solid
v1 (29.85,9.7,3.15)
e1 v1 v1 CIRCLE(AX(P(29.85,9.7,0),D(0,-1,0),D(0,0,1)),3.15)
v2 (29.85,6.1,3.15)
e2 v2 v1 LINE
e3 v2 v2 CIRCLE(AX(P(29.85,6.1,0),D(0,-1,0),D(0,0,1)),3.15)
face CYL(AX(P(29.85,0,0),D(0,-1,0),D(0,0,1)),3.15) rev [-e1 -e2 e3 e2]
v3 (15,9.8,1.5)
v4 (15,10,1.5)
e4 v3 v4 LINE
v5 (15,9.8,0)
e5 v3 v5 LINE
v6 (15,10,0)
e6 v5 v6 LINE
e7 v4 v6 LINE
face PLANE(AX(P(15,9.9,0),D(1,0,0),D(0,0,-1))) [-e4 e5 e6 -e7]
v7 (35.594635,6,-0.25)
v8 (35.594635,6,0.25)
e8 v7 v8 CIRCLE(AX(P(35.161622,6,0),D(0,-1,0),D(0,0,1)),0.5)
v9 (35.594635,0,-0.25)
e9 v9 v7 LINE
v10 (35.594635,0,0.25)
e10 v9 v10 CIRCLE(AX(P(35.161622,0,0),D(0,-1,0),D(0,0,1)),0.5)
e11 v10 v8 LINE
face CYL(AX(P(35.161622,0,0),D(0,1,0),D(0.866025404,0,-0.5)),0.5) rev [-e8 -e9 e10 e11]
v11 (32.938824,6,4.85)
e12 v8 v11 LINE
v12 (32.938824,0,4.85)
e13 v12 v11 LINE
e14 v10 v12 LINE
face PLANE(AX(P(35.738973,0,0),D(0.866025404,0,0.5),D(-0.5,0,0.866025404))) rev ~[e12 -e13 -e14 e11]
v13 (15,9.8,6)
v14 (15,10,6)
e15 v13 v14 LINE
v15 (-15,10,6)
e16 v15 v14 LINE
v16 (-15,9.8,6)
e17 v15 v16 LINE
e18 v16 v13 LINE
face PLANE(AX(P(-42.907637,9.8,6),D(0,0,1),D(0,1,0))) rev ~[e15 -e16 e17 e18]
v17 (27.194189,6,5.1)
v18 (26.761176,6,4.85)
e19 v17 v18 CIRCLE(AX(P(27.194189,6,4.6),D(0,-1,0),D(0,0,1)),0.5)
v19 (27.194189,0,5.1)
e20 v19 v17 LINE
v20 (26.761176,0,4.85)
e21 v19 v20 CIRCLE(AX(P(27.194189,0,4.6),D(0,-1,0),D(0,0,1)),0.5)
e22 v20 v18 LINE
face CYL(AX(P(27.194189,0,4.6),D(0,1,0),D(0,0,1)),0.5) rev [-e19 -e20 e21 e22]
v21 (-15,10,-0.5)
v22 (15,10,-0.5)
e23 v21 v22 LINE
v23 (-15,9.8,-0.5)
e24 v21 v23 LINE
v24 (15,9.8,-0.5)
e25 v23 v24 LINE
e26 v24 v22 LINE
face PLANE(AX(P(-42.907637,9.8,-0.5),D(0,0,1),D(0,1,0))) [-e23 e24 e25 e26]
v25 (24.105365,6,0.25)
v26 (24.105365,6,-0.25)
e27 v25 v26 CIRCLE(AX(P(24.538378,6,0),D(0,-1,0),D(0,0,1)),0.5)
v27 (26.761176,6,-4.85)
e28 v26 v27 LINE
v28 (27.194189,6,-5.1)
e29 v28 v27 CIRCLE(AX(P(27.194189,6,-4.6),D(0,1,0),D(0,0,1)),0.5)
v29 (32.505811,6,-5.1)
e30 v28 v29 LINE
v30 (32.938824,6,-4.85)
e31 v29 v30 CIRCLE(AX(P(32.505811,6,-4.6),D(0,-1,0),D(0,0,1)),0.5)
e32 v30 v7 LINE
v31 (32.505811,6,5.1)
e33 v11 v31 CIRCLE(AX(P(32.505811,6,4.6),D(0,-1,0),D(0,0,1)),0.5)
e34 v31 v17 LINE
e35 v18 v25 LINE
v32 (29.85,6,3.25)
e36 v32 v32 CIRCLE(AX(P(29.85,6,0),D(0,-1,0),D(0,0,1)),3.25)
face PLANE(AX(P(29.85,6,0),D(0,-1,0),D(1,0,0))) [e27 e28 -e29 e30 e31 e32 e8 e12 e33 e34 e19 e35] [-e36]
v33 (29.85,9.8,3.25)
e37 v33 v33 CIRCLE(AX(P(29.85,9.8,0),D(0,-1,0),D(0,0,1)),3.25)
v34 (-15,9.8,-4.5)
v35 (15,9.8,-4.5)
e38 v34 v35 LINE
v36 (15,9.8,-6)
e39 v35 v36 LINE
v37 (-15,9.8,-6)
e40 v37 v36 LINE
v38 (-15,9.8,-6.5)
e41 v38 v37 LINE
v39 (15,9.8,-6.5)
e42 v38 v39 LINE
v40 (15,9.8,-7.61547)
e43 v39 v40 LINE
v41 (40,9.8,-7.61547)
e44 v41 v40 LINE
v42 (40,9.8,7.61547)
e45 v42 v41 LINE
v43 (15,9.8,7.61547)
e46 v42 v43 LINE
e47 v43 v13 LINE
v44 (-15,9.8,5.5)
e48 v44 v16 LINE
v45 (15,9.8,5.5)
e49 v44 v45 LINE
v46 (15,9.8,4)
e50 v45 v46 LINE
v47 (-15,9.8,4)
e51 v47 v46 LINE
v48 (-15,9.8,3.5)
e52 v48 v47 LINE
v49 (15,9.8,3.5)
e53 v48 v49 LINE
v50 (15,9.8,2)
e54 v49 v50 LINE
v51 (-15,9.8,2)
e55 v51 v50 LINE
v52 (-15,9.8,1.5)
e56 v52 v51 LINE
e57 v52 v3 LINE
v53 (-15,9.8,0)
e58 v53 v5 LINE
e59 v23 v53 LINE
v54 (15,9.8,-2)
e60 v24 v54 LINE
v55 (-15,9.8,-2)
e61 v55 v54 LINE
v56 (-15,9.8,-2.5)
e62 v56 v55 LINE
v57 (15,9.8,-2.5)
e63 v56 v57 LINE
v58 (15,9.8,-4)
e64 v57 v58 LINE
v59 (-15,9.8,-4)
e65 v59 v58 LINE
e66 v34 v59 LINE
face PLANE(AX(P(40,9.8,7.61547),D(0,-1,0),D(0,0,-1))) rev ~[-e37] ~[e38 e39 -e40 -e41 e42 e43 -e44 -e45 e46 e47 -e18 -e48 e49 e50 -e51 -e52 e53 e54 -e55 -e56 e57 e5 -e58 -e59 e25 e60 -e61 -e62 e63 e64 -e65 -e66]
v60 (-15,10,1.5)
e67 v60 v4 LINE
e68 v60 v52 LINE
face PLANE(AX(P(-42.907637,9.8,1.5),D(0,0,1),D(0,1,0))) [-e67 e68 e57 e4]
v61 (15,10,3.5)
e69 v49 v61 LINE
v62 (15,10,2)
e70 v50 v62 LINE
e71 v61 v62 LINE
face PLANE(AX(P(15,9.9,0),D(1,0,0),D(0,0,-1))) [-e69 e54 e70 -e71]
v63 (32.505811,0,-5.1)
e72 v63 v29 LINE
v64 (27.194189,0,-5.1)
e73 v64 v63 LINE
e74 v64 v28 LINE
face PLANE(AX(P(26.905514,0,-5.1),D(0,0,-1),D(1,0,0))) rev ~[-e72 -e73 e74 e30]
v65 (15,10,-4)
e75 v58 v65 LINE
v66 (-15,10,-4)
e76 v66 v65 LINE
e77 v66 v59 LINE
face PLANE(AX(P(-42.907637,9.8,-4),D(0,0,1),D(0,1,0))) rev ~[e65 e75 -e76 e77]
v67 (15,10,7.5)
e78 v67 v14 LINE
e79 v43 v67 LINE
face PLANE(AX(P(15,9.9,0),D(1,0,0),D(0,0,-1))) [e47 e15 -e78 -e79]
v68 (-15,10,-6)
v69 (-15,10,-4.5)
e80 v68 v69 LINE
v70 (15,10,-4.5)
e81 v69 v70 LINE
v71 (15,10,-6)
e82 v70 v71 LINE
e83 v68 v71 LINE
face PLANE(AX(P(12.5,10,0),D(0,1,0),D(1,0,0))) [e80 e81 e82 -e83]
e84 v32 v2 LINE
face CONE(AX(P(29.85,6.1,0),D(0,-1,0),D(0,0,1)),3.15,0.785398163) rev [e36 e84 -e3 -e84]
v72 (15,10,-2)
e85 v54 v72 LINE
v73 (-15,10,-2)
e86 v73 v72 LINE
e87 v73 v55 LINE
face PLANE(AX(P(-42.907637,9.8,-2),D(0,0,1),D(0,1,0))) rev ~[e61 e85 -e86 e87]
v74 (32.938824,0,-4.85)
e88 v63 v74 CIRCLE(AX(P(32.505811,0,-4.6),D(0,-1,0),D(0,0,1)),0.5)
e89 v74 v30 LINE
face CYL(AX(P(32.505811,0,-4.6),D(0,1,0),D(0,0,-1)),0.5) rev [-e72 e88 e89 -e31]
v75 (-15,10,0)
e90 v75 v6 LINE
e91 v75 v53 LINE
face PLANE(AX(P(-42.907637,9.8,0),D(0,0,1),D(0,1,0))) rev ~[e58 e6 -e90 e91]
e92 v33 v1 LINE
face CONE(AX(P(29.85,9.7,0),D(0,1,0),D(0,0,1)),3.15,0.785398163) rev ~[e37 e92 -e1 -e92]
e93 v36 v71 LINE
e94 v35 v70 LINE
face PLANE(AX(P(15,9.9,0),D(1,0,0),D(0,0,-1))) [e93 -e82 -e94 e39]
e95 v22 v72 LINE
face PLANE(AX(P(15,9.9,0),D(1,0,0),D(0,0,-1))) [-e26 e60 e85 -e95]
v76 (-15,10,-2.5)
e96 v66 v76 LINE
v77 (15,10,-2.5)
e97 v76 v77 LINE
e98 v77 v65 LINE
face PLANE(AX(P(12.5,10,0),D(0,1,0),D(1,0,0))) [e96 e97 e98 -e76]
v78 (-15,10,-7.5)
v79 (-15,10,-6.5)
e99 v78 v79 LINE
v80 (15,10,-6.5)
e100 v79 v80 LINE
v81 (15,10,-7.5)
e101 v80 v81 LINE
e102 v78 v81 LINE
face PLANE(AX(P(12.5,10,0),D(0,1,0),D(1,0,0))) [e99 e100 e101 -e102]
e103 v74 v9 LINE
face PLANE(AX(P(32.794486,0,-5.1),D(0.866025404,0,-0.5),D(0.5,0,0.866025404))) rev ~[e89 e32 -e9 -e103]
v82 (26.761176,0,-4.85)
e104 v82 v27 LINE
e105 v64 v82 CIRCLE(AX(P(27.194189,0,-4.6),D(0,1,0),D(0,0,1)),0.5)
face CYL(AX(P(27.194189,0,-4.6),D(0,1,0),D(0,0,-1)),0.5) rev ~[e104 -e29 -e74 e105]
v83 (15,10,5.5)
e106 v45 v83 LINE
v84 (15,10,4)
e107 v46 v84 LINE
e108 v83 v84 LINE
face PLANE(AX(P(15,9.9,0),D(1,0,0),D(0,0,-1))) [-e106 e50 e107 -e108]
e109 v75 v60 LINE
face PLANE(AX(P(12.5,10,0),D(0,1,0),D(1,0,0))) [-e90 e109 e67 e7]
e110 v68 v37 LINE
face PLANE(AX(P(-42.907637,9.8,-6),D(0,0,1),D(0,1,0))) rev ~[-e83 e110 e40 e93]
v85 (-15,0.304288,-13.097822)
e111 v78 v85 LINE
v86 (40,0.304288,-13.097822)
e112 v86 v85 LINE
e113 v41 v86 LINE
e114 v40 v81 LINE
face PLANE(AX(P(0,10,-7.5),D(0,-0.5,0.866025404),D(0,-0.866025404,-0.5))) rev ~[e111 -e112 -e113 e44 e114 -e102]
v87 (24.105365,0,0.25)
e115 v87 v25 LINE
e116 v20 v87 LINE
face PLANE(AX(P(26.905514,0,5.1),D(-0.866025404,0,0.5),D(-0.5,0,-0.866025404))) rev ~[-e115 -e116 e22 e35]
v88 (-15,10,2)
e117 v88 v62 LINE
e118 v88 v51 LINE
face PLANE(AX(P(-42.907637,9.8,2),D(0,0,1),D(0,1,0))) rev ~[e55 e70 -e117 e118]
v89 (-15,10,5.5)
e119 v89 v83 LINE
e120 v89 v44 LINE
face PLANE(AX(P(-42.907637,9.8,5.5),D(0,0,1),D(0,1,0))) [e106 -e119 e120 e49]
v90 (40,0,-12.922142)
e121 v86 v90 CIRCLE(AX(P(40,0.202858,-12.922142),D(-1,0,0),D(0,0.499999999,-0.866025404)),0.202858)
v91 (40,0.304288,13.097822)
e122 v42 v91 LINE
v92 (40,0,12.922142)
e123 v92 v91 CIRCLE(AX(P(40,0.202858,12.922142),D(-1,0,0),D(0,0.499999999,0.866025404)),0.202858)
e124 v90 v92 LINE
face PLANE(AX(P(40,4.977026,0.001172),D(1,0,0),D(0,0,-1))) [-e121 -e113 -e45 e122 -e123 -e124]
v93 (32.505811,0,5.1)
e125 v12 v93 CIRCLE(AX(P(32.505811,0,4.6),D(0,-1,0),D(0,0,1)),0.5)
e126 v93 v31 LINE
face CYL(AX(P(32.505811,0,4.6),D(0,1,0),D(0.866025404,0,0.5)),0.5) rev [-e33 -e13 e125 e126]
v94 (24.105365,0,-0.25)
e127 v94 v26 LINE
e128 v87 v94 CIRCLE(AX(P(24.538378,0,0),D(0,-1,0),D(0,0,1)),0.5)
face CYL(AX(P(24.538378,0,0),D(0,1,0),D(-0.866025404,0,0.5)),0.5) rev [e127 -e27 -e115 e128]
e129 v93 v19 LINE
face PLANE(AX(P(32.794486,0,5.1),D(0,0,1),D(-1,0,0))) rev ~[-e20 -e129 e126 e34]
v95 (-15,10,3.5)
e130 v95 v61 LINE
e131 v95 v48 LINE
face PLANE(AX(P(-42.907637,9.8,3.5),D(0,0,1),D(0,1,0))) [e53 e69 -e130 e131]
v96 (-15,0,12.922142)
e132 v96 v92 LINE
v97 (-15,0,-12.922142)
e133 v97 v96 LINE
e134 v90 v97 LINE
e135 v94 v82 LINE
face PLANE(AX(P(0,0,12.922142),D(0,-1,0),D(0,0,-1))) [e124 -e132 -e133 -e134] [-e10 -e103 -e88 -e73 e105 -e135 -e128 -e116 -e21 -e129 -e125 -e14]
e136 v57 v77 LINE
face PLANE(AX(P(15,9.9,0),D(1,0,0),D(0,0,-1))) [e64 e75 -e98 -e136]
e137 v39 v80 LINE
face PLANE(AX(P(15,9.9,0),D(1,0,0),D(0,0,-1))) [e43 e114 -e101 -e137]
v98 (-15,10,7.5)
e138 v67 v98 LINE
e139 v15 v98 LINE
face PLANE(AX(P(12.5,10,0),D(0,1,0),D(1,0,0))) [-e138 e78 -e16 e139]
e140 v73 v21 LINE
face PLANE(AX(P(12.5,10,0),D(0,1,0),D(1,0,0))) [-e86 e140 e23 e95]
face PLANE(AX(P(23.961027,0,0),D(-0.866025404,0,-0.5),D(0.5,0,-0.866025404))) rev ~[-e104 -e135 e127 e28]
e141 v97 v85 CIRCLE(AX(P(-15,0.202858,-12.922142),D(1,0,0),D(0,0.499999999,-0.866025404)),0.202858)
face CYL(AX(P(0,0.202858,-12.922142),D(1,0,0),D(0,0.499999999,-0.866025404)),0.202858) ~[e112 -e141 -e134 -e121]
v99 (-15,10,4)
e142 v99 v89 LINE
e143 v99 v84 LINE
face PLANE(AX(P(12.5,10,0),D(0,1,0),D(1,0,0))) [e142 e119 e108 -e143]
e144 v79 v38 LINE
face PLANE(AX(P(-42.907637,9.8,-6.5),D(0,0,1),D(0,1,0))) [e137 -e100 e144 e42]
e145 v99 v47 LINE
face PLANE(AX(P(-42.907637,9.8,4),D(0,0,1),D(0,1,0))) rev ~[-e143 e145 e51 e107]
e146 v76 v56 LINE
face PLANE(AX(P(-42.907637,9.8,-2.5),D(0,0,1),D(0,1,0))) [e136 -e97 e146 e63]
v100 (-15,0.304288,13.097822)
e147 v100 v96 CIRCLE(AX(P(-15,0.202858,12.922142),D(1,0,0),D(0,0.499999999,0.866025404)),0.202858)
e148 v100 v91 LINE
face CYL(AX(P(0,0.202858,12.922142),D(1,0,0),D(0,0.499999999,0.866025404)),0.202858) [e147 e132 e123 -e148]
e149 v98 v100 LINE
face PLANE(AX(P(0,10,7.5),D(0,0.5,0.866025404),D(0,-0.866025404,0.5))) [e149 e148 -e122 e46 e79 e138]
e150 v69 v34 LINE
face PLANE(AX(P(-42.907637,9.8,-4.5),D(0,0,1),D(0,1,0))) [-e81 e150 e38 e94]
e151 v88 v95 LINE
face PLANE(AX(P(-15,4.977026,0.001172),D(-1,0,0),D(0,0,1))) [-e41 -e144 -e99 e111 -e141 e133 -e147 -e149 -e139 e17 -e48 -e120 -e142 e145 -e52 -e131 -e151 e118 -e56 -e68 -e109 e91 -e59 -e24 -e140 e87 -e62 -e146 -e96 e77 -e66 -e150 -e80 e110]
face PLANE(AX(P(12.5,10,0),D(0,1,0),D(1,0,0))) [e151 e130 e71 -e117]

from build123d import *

# Parameters (mm, degrees)
SKETCH1_R                       = 3.15
BOSS_EXTRUDE1_DEPTH             = 10
CUT_EXTRUDE2_DEPTH              = 42.907636536
CUT_EXTRUDE2_DEPTH_BACK         = 42.907636536
SKETCH2_W                       = 0.5
SKETCH2_H                       = 0.2
BOSS_EXTRUDE2_REACH             = 43.908
BOSS_EXTRUDE2_DIRECTION_2_REACH = 43.908
SKETCH10_W                      = 15.230940108
SKETCH10_H                      = 0.2
CUT_EXTRUDE6_DEPTH              = 25
CUT_EXTRUDE5_DEPTH              = 6
FILLET3_R                       = 0.5
CHAMFER1_SIZE                   = 0.1


with BuildPart() as part:
    # Sketch1 → Boss-Extrude1 (new body)
    with BuildSketch(Plane(origin=(0, 0, 0), x_dir=(1, 0, 0), z_dir=(0, 1, 0))):
        Polygon((-15, -7.5), (15, -7.5), (40, -7.5), (40, 7.5), (15, 7.5), (-15, 7.5), align=None)
        with Locations(Location((29.85, 0, 0), (0, 0, 270))):
            Circle(SKETCH1_R, mode=Mode.SUBTRACT)
    extrude(amount=BOSS_EXTRUDE1_DEPTH)

    # Sketch2 → Cut-Extrude2 (cut, two sides: drawn at the far end of the back side and taken through both)
    with BuildSketch(Plane(origin=(0, 0, 0), x_dir=(0, 0, -1), z_dir=(1, 0, 0)).offset(-CUT_EXTRUDE2_DEPTH_BACK)):
        with Locations((-5.75, 9.9)):
            Rectangle(SKETCH2_W, SKETCH2_H)
        with Locations((-3.75, 9.9)):
            Rectangle(SKETCH2_W, SKETCH2_H)
        with Locations((-1.75, 9.9)):
            Rectangle(SKETCH2_W, SKETCH2_H)
        with Locations((0.25, 9.9)):
            Rectangle(SKETCH2_W, SKETCH2_H)
        with Locations((2.25, 9.9)):
            Rectangle(SKETCH2_W, SKETCH2_H)
        with Locations((4.25, 9.9)):
            Rectangle(SKETCH2_W, SKETCH2_H)
        with Locations((6.25, 9.9)):
            Rectangle(SKETCH2_W, SKETCH2_H)
    extrude(amount=CUT_EXTRUDE2_DEPTH + CUT_EXTRUDE2_DEPTH_BACK, mode=Mode.SUBTRACT)

    # Boss-Extrude2: up to this face of the body (flat: up to its plane)
    boss_extrude2_end = Plane(part.part.faces().sort_by_distance((40, 4.977026122, 0.001172137))[0])
    # Sketch3 → Boss-Extrude2 (add, up to the picked face)
    with BuildSketch(Plane(origin=(0, 0, 0), x_dir=(0, 0, -1), z_dir=(1, 0, 0)), mode=Mode.PRIVATE) as boss_extrude2_sk1:
        with BuildLine():
            Line((7.5, 10), (13.097822121, 0.304287674))
            ThreePointArc((13.097822121, 0.304287674), (13.097822121, 0.101429225), (12.92214155, 0))
            Line((12.92214155, 0), (7.5, 0))
            Line((7.5, 0), (7.5, 10))
        make_face()
    boss_extrude2_tool1 = split(extrude(boss_extrude2_sk1.sketch, amount=BOSS_EXTRUDE2_REACH, mode=Mode.PRIVATE), bisect_by=boss_extrude2_end, keep=Keep.BOTH, mode=Mode.PRIVATE)
    # Sketch3 → Boss-Extrude2 (add, up to the picked face)
    with BuildSketch(Plane(origin=(0, 0, 0), x_dir=(0, 0, -1), z_dir=(1, 0, 0)), mode=Mode.PRIVATE) as boss_extrude2_sk2:
        with BuildLine():
            Line((-7.5, 0), (-7.5, 10))
            Line((-7.5, 10), (-13.097822121, 0.304287674))
            ThreePointArc((-13.097822121, 0.304287674), (-13.097822121, 0.101429225), (-12.92214155, 0))
            Line((-12.92214155, 0), (-7.5, 0))
        make_face()
    boss_extrude2_tool2 = split(extrude(boss_extrude2_sk2.sketch, amount=BOSS_EXTRUDE2_REACH, mode=Mode.PRIVATE), bisect_by=boss_extrude2_end, keep=Keep.BOTH, mode=Mode.PRIVATE)
    add(boss_extrude2_tool1.solids().sort_by(Axis((0, 3.336518, -9.420866), (1, 0, 0)))[0])
    add(boss_extrude2_tool2.solids().sort_by(Axis((0, 3.336518, 9.420866), (1, 0, 0)))[0])

    # Boss-Extrude2 direction 2: up to this face of the body (flat: up to its plane)
    boss_extrude2_direction_2_end = Plane(part.part.faces().sort_by_distance((-15, 4.977026122, 0.001172137))[0])
    # Sketch3 → Boss-Extrude2 direction 2 (add, up to the picked face)
    with BuildSketch(Plane(origin=(0, 0, 0), x_dir=(0, 0, -1), z_dir=(1, 0, 0)), mode=Mode.PRIVATE) as boss_extrude2_direction_2_sk1:
        with BuildLine():
            Line((7.5, 10), (13.097822121, 0.304287674))
            ThreePointArc((13.097822121, 0.304287674), (13.097822121, 0.101429225), (12.92214155, 0))
            Line((12.92214155, 0), (7.5, 0))
            Line((7.5, 0), (7.5, 10))
        make_face()
    boss_extrude2_direction_2_tool1 = split(extrude(boss_extrude2_direction_2_sk1.sketch, amount=-BOSS_EXTRUDE2_DIRECTION_2_REACH, mode=Mode.PRIVATE), bisect_by=boss_extrude2_direction_2_end, keep=Keep.BOTH, mode=Mode.PRIVATE)
    # Sketch3 → Boss-Extrude2 direction 2 (add, up to the picked face)
    with BuildSketch(Plane(origin=(0, 0, 0), x_dir=(0, 0, -1), z_dir=(1, 0, 0)), mode=Mode.PRIVATE) as boss_extrude2_direction_2_sk2:
        with BuildLine():
            Line((-7.5, 0), (-7.5, 10))
            Line((-7.5, 10), (-13.097822121, 0.304287674))
            ThreePointArc((-13.097822121, 0.304287674), (-13.097822121, 0.101429225), (-12.92214155, 0))
            Line((-12.92214155, 0), (-7.5, 0))
        make_face()
    boss_extrude2_direction_2_tool2 = split(extrude(boss_extrude2_direction_2_sk2.sketch, amount=-BOSS_EXTRUDE2_DIRECTION_2_REACH, mode=Mode.PRIVATE), bisect_by=boss_extrude2_direction_2_end, keep=Keep.BOTH, mode=Mode.PRIVATE)
    add(boss_extrude2_direction_2_tool1.solids().sort_by(Axis((0, 3.336518, -9.420866), (-1, 0, 0)))[0])
    add(boss_extrude2_direction_2_tool2.solids().sort_by(Axis((0, 3.336518, 9.420866), (-1, 0, 0)))[0])

    # Sketch10 → Cut-Extrude6 (cut)
    with BuildSketch(Plane(origin=(40, 0, 0), x_dir=(0, 0, -1), z_dir=(1, 0, 0))):
        with Locations((0, 9.9)):
            Rectangle(SKETCH10_W, SKETCH10_H)
    extrude(amount=-CUT_EXTRUDE6_DEPTH, mode=Mode.SUBTRACT)

    # Sketch8 → Cut-Extrude5 (cut)
    with BuildSketch(Plane.XZ):
        Polygon((26.905513627, -5.1), (32.794486373, -5.1), (35.738972746, 0), (32.794486373, 5.1), (26.905513627, 5.1), (23.961027254, 0), align=None)
    extrude(amount=-CUT_EXTRUDE5_DEPTH, mode=Mode.SUBTRACT)

    # Fillet3
    fillet3_edges = [part.edges().sort_by_distance(p)[0] for p in [
        (26.905513627, 3, -5.1),
        (23.961027254, 3, 0),
        (26.905513627, 3, 5.1),
        (32.794486373, 3, 5.1),
        (35.738972746, 3, 0),
        (32.794486373, 3, -5.1),
    ]]
    fillet(fillet3_edges, radius=FILLET3_R)

    # Chamfer1
    chamfer1_edges = [part.edges().sort_by_distance(p)[0] for p in [
        (29.85, 9.8, -3.15),
        (29.85, 6, -3.15),
    ]]
    chamfer(chamfer1_edges, length=CHAMFER1_SIZE)


solid = part.part
